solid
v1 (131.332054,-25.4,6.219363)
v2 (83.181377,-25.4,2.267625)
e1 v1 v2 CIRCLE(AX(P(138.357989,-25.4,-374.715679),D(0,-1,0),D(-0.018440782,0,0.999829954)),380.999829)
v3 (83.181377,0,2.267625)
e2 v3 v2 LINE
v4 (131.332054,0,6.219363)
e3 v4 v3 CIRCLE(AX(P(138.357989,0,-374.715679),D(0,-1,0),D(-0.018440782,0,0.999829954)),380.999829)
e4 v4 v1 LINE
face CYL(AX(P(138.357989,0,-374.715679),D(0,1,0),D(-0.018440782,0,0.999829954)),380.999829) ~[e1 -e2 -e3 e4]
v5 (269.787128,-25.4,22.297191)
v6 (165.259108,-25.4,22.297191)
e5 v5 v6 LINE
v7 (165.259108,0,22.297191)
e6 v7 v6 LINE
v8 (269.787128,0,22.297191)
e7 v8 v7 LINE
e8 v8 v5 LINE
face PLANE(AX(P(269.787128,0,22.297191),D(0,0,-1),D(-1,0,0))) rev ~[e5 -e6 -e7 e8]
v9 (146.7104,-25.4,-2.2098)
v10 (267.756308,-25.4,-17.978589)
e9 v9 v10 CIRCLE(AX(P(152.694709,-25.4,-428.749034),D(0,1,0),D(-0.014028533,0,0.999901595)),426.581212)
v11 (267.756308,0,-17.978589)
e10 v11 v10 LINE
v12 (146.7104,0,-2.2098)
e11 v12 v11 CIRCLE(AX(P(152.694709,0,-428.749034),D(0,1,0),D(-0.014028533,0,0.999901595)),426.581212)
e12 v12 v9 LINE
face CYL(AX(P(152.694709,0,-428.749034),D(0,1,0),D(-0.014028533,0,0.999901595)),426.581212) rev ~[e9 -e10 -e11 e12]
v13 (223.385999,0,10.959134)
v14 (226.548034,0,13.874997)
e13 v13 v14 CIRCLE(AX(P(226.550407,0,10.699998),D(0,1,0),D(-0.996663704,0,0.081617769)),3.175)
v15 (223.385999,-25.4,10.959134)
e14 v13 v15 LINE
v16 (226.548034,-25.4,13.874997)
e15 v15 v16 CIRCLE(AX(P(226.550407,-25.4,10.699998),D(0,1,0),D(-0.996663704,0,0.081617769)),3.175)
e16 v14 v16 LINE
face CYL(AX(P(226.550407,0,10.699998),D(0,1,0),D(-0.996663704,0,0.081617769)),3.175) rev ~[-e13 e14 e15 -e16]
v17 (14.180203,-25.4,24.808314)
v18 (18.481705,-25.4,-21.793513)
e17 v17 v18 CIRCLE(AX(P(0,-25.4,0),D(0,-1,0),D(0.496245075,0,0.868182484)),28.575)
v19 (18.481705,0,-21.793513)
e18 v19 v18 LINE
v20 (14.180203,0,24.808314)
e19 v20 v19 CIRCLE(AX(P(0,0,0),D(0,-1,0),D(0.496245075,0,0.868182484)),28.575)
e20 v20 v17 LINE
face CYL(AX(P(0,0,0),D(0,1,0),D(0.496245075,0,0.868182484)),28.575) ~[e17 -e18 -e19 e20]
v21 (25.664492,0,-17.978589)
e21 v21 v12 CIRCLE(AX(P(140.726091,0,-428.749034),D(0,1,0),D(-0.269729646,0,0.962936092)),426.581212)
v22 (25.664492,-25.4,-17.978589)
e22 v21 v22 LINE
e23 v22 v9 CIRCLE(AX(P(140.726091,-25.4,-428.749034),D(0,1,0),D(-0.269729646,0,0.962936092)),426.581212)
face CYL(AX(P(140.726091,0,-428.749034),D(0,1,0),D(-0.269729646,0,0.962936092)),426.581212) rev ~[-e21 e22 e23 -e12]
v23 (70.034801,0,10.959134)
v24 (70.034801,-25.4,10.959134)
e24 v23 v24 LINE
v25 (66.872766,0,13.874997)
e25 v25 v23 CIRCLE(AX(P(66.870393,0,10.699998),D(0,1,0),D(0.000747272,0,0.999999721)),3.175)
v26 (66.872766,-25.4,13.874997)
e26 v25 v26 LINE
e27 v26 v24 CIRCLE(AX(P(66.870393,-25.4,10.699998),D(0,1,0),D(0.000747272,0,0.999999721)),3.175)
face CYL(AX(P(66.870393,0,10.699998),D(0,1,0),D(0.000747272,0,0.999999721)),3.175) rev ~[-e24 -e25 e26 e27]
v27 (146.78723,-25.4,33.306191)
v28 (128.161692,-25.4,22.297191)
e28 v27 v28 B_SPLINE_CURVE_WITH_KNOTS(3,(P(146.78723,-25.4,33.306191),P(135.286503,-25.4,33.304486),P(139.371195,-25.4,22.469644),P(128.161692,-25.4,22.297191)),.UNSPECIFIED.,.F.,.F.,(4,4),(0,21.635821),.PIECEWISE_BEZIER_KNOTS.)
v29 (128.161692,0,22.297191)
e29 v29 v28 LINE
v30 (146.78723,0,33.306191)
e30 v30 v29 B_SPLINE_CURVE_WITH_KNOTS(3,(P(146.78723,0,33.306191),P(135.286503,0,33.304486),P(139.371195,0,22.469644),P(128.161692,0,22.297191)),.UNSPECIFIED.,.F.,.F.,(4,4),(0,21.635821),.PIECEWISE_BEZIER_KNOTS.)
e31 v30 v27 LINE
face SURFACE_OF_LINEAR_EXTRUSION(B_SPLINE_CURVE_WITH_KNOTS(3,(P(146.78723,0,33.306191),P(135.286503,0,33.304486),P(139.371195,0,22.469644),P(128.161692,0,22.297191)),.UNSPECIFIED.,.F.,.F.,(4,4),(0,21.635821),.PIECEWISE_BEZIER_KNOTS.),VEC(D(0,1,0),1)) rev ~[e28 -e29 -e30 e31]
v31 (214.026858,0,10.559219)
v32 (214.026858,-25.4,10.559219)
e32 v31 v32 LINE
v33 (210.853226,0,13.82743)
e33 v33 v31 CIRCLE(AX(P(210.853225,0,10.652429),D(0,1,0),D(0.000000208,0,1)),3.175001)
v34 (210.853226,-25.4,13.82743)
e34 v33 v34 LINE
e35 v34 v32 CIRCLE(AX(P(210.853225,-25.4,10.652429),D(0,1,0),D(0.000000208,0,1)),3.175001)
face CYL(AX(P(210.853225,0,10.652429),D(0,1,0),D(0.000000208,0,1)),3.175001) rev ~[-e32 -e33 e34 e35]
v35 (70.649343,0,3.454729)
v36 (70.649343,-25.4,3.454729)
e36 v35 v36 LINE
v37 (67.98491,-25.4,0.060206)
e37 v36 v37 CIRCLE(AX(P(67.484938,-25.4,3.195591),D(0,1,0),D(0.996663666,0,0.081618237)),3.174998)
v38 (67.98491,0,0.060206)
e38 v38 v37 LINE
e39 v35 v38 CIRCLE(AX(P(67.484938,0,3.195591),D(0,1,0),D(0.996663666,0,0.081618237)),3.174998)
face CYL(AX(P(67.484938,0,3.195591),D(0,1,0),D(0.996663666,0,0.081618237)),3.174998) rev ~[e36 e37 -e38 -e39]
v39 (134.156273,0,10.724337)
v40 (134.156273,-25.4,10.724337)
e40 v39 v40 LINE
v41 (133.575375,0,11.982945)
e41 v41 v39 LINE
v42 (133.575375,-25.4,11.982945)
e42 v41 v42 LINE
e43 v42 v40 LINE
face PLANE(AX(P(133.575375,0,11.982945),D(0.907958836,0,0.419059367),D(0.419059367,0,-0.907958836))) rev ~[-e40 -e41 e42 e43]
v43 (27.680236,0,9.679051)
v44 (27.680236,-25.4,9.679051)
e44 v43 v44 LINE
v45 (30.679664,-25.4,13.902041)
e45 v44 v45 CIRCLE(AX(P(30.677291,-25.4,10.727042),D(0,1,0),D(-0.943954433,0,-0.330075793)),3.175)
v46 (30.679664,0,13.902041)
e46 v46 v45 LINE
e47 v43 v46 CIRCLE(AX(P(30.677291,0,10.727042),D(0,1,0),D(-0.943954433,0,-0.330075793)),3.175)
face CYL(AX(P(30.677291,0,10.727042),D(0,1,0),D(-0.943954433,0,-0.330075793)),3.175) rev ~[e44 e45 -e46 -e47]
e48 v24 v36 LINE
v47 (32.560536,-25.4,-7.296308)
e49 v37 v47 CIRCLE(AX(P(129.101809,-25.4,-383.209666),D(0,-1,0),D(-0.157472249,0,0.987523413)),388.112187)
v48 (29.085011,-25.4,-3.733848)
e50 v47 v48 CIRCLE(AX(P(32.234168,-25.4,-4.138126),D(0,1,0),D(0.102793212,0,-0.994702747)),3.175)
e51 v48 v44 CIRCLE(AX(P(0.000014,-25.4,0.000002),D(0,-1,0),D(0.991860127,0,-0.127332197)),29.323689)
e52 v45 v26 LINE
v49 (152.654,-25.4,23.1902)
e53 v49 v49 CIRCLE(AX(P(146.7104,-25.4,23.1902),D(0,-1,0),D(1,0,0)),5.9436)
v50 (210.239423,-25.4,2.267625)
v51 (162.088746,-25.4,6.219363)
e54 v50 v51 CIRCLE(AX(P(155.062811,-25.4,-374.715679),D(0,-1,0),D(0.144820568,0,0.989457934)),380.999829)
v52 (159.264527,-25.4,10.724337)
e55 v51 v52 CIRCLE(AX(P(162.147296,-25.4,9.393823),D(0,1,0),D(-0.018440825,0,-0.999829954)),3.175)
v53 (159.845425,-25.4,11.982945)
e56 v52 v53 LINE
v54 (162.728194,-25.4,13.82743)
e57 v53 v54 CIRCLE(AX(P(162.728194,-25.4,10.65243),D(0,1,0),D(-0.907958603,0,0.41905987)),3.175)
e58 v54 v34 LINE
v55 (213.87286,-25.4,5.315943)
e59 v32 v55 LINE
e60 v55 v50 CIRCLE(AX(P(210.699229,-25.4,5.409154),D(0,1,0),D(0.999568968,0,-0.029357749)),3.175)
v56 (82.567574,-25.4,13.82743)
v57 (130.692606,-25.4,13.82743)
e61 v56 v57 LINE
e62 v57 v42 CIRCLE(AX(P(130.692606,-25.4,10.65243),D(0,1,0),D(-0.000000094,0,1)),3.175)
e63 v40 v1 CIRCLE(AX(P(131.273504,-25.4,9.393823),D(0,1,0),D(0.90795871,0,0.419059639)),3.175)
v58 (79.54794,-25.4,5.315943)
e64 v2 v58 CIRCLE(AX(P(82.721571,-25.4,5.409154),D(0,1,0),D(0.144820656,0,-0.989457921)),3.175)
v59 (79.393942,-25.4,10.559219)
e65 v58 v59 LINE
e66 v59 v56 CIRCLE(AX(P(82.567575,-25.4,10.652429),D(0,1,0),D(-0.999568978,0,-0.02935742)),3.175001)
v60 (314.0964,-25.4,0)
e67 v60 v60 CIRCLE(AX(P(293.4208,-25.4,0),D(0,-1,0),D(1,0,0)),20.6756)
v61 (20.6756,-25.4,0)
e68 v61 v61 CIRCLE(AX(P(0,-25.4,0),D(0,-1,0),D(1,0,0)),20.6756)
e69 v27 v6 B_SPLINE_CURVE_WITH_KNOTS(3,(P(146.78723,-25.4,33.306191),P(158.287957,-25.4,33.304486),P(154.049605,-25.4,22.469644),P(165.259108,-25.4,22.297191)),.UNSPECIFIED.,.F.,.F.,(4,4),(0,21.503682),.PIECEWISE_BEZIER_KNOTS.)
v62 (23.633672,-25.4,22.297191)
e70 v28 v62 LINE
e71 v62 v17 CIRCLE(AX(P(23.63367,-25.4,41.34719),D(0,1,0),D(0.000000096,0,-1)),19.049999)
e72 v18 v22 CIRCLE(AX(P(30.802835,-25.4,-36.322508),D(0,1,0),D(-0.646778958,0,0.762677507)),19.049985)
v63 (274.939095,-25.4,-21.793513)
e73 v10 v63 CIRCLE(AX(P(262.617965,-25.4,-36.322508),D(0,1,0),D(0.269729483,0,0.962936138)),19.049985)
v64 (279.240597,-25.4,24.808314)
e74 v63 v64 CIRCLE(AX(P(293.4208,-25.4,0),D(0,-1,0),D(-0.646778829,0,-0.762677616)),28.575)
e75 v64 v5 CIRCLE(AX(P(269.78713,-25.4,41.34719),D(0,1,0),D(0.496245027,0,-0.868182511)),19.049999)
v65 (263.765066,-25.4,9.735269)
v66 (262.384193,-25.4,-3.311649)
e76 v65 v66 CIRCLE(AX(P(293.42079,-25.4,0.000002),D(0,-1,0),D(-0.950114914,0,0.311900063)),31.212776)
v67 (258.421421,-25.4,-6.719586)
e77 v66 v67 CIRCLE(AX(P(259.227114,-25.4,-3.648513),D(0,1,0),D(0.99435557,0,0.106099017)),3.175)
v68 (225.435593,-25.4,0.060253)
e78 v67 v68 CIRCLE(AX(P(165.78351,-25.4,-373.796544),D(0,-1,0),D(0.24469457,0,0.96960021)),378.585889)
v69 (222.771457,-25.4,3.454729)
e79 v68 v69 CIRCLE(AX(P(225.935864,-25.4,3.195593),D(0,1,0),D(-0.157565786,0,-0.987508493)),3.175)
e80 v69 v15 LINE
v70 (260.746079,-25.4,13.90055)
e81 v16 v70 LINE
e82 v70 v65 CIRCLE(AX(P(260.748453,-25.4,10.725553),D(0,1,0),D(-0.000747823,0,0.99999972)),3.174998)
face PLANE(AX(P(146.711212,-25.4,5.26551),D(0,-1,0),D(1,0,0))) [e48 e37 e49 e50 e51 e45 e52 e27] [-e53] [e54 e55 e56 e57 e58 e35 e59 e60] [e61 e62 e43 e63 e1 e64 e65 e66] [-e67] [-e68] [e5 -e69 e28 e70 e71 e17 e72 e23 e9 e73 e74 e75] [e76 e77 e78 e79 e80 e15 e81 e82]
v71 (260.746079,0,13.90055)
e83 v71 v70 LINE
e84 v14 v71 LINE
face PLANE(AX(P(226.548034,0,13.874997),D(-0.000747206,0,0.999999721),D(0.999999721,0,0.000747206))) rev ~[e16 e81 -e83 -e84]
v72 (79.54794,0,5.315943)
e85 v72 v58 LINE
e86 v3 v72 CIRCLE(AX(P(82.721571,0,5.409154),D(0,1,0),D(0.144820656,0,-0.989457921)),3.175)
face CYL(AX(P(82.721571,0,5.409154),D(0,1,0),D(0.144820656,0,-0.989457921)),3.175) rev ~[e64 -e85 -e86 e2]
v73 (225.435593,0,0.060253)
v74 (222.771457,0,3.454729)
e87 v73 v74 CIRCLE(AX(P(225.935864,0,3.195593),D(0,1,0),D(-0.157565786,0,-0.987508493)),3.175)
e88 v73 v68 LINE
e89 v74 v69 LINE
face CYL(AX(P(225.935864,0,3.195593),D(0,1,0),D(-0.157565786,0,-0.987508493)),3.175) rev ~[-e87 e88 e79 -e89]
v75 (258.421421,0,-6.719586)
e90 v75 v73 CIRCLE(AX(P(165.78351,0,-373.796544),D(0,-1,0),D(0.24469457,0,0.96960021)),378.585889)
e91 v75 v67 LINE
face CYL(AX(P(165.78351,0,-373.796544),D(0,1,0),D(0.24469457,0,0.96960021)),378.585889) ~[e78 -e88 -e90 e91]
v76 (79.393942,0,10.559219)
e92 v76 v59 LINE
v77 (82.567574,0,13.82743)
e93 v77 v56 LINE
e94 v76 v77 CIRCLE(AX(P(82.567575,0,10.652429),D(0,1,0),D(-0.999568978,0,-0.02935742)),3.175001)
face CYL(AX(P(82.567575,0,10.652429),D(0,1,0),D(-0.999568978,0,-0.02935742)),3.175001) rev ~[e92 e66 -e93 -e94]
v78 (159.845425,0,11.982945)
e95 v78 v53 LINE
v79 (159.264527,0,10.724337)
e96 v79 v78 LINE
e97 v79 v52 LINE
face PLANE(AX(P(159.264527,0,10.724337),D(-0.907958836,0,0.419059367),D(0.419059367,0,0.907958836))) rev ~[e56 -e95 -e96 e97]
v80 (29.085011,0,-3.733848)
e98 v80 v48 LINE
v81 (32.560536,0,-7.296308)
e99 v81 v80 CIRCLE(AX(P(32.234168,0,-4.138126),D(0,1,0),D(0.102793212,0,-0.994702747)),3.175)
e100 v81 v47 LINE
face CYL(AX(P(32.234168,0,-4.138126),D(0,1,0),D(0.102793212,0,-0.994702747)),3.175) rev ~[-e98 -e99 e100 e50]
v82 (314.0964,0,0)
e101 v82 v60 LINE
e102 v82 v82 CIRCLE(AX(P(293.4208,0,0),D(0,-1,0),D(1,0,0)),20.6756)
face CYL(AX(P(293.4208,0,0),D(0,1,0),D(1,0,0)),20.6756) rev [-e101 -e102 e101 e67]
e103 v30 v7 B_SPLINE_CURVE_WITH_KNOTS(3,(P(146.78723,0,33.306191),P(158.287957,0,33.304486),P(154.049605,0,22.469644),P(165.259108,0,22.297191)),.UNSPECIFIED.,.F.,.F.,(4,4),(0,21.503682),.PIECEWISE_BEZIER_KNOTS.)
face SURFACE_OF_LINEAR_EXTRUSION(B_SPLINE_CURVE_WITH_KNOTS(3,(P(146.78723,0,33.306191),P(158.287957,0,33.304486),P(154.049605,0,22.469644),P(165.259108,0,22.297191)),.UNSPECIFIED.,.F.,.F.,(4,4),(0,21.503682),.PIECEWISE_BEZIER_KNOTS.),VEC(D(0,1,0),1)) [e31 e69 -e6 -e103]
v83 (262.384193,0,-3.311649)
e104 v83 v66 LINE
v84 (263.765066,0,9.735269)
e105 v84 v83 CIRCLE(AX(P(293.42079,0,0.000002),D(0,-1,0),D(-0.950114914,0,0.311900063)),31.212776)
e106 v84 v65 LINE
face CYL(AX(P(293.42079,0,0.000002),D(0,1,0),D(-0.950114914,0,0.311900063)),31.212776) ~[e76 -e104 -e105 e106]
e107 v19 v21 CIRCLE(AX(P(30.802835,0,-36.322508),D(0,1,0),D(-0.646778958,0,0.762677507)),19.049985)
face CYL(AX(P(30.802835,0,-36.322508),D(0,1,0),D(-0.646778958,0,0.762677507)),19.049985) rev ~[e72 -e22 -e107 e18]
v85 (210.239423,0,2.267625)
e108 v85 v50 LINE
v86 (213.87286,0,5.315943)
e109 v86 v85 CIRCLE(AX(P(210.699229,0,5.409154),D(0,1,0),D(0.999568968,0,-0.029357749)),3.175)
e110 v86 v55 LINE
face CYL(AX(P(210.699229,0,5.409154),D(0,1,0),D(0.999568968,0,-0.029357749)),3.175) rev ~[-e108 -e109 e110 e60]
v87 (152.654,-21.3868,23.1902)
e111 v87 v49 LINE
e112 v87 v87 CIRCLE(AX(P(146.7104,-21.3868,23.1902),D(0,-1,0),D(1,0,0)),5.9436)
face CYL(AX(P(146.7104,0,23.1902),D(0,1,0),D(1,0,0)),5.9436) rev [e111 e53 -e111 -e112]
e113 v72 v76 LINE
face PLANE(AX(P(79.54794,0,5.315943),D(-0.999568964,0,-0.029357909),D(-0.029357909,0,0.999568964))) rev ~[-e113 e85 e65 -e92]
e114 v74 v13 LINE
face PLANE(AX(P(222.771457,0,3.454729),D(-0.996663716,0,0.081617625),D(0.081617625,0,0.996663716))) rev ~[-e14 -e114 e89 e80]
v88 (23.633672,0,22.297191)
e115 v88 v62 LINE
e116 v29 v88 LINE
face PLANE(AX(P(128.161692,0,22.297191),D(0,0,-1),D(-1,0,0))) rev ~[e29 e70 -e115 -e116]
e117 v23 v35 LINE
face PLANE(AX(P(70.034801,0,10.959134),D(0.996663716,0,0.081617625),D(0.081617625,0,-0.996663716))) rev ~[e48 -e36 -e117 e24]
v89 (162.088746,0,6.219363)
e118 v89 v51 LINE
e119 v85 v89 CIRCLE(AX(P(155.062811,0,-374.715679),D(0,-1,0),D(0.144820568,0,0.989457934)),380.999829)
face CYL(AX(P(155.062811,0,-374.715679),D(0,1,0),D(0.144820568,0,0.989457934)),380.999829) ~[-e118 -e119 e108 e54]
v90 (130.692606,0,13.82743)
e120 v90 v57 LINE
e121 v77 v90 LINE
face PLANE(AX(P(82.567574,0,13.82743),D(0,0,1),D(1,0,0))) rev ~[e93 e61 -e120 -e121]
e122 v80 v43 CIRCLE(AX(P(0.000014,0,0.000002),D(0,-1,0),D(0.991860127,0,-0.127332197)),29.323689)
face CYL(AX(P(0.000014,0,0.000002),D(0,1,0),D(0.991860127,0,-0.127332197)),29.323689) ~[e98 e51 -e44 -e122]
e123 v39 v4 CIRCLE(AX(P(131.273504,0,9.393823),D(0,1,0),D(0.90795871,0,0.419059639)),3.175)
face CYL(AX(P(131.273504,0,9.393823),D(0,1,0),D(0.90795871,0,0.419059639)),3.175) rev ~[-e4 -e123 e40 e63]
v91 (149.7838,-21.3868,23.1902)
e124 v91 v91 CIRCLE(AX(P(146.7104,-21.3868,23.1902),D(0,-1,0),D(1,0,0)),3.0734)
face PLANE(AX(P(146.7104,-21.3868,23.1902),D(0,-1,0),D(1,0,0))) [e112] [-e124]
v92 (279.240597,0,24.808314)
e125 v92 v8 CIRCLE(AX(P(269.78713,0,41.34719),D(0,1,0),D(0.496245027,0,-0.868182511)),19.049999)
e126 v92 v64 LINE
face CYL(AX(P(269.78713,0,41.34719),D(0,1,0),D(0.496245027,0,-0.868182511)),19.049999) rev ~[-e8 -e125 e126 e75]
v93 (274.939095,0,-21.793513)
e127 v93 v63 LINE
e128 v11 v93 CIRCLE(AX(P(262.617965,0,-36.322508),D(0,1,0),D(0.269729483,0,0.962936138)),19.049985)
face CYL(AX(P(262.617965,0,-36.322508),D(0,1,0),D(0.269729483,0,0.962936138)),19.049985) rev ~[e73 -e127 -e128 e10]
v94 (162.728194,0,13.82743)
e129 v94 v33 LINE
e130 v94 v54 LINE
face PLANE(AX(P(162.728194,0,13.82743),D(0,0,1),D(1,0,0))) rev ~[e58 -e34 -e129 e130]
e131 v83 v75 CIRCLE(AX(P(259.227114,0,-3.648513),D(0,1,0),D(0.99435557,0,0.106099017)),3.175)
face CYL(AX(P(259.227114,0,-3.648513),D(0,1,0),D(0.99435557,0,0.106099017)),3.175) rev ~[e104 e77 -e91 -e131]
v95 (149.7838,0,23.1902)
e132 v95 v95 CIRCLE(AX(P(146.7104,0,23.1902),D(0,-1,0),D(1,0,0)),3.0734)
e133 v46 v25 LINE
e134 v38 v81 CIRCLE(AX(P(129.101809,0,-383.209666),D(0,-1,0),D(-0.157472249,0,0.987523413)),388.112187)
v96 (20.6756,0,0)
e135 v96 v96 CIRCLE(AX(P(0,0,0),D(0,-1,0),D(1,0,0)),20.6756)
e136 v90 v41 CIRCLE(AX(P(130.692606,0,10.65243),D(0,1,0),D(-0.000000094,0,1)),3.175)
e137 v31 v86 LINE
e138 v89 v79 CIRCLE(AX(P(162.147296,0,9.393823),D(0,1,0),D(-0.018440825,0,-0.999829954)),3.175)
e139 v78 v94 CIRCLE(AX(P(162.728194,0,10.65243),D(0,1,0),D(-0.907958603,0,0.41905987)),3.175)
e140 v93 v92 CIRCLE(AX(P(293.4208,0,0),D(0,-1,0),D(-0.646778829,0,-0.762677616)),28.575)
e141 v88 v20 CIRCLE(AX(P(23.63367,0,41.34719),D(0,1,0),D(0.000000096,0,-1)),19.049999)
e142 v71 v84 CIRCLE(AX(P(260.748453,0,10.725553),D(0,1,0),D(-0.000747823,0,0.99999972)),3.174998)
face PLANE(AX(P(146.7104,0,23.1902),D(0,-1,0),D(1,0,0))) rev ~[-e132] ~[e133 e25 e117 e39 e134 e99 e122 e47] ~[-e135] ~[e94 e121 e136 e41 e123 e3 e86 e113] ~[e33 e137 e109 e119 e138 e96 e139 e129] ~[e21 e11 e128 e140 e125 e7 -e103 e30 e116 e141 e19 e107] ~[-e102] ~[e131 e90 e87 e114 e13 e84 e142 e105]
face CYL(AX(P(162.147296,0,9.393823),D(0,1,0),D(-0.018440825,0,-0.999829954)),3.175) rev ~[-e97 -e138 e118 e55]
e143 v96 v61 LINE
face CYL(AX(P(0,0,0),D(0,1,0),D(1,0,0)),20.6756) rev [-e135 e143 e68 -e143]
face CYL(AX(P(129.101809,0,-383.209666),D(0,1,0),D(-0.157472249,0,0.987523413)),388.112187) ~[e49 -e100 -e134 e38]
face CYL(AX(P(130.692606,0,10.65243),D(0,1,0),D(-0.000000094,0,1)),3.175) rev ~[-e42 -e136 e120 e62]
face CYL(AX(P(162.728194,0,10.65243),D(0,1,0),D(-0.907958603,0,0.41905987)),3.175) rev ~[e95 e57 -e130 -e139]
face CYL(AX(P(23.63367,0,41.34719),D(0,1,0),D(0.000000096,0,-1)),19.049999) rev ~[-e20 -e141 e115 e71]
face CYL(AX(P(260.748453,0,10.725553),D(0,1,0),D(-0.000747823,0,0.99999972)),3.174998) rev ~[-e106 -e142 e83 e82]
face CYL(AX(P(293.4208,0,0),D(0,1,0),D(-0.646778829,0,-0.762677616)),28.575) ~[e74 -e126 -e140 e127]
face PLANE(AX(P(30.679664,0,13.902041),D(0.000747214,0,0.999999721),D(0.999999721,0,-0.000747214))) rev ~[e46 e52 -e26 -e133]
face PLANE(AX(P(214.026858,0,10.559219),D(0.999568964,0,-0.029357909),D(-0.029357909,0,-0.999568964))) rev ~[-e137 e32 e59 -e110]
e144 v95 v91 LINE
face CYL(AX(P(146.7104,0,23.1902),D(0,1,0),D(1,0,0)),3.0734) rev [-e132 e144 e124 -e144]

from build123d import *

# Parameters (mm, degrees)
F0_R     = 20.6756
F0_R_2   = 5.9436
F1_DEPTH = 25.4
F0_R_3   = 3.0734
F2_DEPTH = 21.3868


with BuildPart() as f1:
    # F0 (on Front) → F1 (new body)
    with BuildSketch(Plane.XZ):
        with BuildLine():
            Line((269.787128, 22.297191), (165.259108, 22.297191))
            add(Edge.make_bspline(
                [(146.78723, 33.306191), (158.287957, 33.304486), (154.049605, 22.469644), (165.259108, 22.297191)],
                knots=[0, 0, 0, 0, 21.503682, 21.503682, 21.503682, 21.503682], degree=3))
            add(Edge.make_bspline(
                [(146.78723, 33.306191), (135.286503, 33.304486), (139.371195, 22.469644), (128.161692, 22.297191)],
                knots=[0, 0, 0, 0, 21.635821, 21.635821, 21.635821, 21.635821], degree=3))
            Line((128.161692, 22.297191), (23.633672, 22.297191))
            ThreePointArc((23.633672, 22.297191), (18.743023, 22.935671), (14.180203, 24.808314))
            ThreePointArc((14.180203, 24.808314), (-28.454044, -2.626402), (18.481705, -21.793513))
            ThreePointArc((18.481705, -21.793513), (21.867136, -19.498263), (25.664492, -17.978589))
            ThreePointArc((25.664492, -17.978589), (85.620488, -5.742057), (146.7104, -2.2098))
            ThreePointArc((146.7104, -2.2098), (207.800312, -5.742057), (267.756308, -17.978589))
            ThreePointArc((267.756308, -17.978589), (271.553664, -19.498263), (274.939095, -21.793513))
            ThreePointArc((274.939095, -21.793513), (321.874844, -2.626402), (279.240597, 24.808314))
            ThreePointArc((279.240597, 24.808314), (274.677777, 22.935671), (269.787128, 22.297191))
        make_face()
        Circle(F0_R, mode=Mode.SUBTRACT)
        with Locations((293.4208, 0)):
            Circle(F0_R, mode=Mode.SUBTRACT)
        with BuildLine():
            ThreePointArc((66.872766, 13.874997), (69.022761, 13.03408), (70.034801, 10.959134))
            Line((70.034801, 10.959134), (70.649343, 3.454729))
            ThreePointArc((70.649343, 3.454729), (69.982459, 1.235234), (67.98491, 0.060206))
            ThreePointArc((67.98491, 0.060206), (50.186954, -3.20504), (32.560536, -7.296308))
            ThreePointArc((32.560536, -7.296308), (29.961545, -6.35529), (29.085011, -3.733848))
            ThreePointArc((29.085011, -3.733848), (29.164187, 3.054457), (27.680236, 9.679051))
            ThreePointArc((27.680236, 9.679051), (28.08877, 12.565569), (30.679664, 13.902041))
            Line((30.679664, 13.902041), (66.872766, 13.874997))
        make_face(mode=Mode.SUBTRACT)
        with BuildLine():
            Line((82.567574, 13.82743), (130.692606, 13.82743))
            ThreePointArc((130.692606, 13.82743), (132.403781, 13.326847), (133.575375, 11.982945))
            Line((133.575375, 11.982945), (134.156273, 10.724337))
            ThreePointArc((134.156273, 10.724337), (133.963585, 7.70738), (131.332054, 6.219363))
            ThreePointArc((131.332054, 6.219363), (107.194015, 5.007479), (83.181377, 2.267625))
            ThreePointArc((83.181377, 2.267625), (80.680916, 2.976799), (79.54794, 5.315943))
            Line((79.54794, 5.315943), (79.393942, 10.559219))
            ThreePointArc((79.393942, 10.559219), (80.289793, 12.864293), (82.567574, 13.82743))
        make_face(mode=Mode.SUBTRACT)
        with Locations((146.7104, 23.1902)):
            Circle(F0_R_2, mode=Mode.SUBTRACT)
        with BuildLine():
            ThreePointArc((213.87286, 5.315943), (212.739884, 2.976799), (210.239423, 2.267625))
            ThreePointArc((210.239423, 2.267625), (186.226785, 5.007479), (162.088746, 6.219363))
            ThreePointArc((162.088746, 6.219363), (159.457215, 7.70738), (159.264527, 10.724337))
            Line((159.264527, 10.724337), (159.845425, 11.982945))
            ThreePointArc((159.845425, 11.982945), (161.017019, 13.326847), (162.728194, 13.82743))
            Line((162.728194, 13.82743), (210.853226, 13.82743))
            ThreePointArc((210.853226, 13.82743), (213.131007, 12.864293), (214.026858, 10.559219))
            Line((214.026858, 10.559219), (213.87286, 5.315943))
        make_face(mode=Mode.SUBTRACT)
        with BuildLine():
            ThreePointArc((260.746079, 13.90055), (263.319212, 12.588833), (263.765066, 9.735269))
            ThreePointArc((263.765066, 9.735269), (262.38138, 3.285183), (262.384193, -3.311649))
            ThreePointArc((262.384193, -3.311649), (261.297322, -6.055766), (258.421421, -6.719586))
            ThreePointArc((258.421421, -6.719586), (242.003928, -2.962722), (225.435593, 0.060253))
            ThreePointArc((225.435593, 0.060253), (223.438249, 1.235352), (222.771457, 3.454729))
            Line((222.771457, 3.454729), (223.385999, 10.959134))
            ThreePointArc((223.385999, 10.959134), (224.398039, 13.03408), (226.548034, 13.874997))
            Line((226.548034, 13.874997), (260.746079, 13.90055))
        make_face(mode=Mode.SUBTRACT)
    extrude(amount=F1_DEPTH)

    # F0 (on Front) → F2 (join)
    with BuildSketch(Plane.XZ):
        with Locations((146.7104, 23.1902)):
            Circle(F0_R_2)
        with Locations((146.7104, 23.1902)):
            Circle(F0_R_3, mode=Mode.SUBTRACT)
    extrude(amount=F2_DEPTH)


solid = f1.part
